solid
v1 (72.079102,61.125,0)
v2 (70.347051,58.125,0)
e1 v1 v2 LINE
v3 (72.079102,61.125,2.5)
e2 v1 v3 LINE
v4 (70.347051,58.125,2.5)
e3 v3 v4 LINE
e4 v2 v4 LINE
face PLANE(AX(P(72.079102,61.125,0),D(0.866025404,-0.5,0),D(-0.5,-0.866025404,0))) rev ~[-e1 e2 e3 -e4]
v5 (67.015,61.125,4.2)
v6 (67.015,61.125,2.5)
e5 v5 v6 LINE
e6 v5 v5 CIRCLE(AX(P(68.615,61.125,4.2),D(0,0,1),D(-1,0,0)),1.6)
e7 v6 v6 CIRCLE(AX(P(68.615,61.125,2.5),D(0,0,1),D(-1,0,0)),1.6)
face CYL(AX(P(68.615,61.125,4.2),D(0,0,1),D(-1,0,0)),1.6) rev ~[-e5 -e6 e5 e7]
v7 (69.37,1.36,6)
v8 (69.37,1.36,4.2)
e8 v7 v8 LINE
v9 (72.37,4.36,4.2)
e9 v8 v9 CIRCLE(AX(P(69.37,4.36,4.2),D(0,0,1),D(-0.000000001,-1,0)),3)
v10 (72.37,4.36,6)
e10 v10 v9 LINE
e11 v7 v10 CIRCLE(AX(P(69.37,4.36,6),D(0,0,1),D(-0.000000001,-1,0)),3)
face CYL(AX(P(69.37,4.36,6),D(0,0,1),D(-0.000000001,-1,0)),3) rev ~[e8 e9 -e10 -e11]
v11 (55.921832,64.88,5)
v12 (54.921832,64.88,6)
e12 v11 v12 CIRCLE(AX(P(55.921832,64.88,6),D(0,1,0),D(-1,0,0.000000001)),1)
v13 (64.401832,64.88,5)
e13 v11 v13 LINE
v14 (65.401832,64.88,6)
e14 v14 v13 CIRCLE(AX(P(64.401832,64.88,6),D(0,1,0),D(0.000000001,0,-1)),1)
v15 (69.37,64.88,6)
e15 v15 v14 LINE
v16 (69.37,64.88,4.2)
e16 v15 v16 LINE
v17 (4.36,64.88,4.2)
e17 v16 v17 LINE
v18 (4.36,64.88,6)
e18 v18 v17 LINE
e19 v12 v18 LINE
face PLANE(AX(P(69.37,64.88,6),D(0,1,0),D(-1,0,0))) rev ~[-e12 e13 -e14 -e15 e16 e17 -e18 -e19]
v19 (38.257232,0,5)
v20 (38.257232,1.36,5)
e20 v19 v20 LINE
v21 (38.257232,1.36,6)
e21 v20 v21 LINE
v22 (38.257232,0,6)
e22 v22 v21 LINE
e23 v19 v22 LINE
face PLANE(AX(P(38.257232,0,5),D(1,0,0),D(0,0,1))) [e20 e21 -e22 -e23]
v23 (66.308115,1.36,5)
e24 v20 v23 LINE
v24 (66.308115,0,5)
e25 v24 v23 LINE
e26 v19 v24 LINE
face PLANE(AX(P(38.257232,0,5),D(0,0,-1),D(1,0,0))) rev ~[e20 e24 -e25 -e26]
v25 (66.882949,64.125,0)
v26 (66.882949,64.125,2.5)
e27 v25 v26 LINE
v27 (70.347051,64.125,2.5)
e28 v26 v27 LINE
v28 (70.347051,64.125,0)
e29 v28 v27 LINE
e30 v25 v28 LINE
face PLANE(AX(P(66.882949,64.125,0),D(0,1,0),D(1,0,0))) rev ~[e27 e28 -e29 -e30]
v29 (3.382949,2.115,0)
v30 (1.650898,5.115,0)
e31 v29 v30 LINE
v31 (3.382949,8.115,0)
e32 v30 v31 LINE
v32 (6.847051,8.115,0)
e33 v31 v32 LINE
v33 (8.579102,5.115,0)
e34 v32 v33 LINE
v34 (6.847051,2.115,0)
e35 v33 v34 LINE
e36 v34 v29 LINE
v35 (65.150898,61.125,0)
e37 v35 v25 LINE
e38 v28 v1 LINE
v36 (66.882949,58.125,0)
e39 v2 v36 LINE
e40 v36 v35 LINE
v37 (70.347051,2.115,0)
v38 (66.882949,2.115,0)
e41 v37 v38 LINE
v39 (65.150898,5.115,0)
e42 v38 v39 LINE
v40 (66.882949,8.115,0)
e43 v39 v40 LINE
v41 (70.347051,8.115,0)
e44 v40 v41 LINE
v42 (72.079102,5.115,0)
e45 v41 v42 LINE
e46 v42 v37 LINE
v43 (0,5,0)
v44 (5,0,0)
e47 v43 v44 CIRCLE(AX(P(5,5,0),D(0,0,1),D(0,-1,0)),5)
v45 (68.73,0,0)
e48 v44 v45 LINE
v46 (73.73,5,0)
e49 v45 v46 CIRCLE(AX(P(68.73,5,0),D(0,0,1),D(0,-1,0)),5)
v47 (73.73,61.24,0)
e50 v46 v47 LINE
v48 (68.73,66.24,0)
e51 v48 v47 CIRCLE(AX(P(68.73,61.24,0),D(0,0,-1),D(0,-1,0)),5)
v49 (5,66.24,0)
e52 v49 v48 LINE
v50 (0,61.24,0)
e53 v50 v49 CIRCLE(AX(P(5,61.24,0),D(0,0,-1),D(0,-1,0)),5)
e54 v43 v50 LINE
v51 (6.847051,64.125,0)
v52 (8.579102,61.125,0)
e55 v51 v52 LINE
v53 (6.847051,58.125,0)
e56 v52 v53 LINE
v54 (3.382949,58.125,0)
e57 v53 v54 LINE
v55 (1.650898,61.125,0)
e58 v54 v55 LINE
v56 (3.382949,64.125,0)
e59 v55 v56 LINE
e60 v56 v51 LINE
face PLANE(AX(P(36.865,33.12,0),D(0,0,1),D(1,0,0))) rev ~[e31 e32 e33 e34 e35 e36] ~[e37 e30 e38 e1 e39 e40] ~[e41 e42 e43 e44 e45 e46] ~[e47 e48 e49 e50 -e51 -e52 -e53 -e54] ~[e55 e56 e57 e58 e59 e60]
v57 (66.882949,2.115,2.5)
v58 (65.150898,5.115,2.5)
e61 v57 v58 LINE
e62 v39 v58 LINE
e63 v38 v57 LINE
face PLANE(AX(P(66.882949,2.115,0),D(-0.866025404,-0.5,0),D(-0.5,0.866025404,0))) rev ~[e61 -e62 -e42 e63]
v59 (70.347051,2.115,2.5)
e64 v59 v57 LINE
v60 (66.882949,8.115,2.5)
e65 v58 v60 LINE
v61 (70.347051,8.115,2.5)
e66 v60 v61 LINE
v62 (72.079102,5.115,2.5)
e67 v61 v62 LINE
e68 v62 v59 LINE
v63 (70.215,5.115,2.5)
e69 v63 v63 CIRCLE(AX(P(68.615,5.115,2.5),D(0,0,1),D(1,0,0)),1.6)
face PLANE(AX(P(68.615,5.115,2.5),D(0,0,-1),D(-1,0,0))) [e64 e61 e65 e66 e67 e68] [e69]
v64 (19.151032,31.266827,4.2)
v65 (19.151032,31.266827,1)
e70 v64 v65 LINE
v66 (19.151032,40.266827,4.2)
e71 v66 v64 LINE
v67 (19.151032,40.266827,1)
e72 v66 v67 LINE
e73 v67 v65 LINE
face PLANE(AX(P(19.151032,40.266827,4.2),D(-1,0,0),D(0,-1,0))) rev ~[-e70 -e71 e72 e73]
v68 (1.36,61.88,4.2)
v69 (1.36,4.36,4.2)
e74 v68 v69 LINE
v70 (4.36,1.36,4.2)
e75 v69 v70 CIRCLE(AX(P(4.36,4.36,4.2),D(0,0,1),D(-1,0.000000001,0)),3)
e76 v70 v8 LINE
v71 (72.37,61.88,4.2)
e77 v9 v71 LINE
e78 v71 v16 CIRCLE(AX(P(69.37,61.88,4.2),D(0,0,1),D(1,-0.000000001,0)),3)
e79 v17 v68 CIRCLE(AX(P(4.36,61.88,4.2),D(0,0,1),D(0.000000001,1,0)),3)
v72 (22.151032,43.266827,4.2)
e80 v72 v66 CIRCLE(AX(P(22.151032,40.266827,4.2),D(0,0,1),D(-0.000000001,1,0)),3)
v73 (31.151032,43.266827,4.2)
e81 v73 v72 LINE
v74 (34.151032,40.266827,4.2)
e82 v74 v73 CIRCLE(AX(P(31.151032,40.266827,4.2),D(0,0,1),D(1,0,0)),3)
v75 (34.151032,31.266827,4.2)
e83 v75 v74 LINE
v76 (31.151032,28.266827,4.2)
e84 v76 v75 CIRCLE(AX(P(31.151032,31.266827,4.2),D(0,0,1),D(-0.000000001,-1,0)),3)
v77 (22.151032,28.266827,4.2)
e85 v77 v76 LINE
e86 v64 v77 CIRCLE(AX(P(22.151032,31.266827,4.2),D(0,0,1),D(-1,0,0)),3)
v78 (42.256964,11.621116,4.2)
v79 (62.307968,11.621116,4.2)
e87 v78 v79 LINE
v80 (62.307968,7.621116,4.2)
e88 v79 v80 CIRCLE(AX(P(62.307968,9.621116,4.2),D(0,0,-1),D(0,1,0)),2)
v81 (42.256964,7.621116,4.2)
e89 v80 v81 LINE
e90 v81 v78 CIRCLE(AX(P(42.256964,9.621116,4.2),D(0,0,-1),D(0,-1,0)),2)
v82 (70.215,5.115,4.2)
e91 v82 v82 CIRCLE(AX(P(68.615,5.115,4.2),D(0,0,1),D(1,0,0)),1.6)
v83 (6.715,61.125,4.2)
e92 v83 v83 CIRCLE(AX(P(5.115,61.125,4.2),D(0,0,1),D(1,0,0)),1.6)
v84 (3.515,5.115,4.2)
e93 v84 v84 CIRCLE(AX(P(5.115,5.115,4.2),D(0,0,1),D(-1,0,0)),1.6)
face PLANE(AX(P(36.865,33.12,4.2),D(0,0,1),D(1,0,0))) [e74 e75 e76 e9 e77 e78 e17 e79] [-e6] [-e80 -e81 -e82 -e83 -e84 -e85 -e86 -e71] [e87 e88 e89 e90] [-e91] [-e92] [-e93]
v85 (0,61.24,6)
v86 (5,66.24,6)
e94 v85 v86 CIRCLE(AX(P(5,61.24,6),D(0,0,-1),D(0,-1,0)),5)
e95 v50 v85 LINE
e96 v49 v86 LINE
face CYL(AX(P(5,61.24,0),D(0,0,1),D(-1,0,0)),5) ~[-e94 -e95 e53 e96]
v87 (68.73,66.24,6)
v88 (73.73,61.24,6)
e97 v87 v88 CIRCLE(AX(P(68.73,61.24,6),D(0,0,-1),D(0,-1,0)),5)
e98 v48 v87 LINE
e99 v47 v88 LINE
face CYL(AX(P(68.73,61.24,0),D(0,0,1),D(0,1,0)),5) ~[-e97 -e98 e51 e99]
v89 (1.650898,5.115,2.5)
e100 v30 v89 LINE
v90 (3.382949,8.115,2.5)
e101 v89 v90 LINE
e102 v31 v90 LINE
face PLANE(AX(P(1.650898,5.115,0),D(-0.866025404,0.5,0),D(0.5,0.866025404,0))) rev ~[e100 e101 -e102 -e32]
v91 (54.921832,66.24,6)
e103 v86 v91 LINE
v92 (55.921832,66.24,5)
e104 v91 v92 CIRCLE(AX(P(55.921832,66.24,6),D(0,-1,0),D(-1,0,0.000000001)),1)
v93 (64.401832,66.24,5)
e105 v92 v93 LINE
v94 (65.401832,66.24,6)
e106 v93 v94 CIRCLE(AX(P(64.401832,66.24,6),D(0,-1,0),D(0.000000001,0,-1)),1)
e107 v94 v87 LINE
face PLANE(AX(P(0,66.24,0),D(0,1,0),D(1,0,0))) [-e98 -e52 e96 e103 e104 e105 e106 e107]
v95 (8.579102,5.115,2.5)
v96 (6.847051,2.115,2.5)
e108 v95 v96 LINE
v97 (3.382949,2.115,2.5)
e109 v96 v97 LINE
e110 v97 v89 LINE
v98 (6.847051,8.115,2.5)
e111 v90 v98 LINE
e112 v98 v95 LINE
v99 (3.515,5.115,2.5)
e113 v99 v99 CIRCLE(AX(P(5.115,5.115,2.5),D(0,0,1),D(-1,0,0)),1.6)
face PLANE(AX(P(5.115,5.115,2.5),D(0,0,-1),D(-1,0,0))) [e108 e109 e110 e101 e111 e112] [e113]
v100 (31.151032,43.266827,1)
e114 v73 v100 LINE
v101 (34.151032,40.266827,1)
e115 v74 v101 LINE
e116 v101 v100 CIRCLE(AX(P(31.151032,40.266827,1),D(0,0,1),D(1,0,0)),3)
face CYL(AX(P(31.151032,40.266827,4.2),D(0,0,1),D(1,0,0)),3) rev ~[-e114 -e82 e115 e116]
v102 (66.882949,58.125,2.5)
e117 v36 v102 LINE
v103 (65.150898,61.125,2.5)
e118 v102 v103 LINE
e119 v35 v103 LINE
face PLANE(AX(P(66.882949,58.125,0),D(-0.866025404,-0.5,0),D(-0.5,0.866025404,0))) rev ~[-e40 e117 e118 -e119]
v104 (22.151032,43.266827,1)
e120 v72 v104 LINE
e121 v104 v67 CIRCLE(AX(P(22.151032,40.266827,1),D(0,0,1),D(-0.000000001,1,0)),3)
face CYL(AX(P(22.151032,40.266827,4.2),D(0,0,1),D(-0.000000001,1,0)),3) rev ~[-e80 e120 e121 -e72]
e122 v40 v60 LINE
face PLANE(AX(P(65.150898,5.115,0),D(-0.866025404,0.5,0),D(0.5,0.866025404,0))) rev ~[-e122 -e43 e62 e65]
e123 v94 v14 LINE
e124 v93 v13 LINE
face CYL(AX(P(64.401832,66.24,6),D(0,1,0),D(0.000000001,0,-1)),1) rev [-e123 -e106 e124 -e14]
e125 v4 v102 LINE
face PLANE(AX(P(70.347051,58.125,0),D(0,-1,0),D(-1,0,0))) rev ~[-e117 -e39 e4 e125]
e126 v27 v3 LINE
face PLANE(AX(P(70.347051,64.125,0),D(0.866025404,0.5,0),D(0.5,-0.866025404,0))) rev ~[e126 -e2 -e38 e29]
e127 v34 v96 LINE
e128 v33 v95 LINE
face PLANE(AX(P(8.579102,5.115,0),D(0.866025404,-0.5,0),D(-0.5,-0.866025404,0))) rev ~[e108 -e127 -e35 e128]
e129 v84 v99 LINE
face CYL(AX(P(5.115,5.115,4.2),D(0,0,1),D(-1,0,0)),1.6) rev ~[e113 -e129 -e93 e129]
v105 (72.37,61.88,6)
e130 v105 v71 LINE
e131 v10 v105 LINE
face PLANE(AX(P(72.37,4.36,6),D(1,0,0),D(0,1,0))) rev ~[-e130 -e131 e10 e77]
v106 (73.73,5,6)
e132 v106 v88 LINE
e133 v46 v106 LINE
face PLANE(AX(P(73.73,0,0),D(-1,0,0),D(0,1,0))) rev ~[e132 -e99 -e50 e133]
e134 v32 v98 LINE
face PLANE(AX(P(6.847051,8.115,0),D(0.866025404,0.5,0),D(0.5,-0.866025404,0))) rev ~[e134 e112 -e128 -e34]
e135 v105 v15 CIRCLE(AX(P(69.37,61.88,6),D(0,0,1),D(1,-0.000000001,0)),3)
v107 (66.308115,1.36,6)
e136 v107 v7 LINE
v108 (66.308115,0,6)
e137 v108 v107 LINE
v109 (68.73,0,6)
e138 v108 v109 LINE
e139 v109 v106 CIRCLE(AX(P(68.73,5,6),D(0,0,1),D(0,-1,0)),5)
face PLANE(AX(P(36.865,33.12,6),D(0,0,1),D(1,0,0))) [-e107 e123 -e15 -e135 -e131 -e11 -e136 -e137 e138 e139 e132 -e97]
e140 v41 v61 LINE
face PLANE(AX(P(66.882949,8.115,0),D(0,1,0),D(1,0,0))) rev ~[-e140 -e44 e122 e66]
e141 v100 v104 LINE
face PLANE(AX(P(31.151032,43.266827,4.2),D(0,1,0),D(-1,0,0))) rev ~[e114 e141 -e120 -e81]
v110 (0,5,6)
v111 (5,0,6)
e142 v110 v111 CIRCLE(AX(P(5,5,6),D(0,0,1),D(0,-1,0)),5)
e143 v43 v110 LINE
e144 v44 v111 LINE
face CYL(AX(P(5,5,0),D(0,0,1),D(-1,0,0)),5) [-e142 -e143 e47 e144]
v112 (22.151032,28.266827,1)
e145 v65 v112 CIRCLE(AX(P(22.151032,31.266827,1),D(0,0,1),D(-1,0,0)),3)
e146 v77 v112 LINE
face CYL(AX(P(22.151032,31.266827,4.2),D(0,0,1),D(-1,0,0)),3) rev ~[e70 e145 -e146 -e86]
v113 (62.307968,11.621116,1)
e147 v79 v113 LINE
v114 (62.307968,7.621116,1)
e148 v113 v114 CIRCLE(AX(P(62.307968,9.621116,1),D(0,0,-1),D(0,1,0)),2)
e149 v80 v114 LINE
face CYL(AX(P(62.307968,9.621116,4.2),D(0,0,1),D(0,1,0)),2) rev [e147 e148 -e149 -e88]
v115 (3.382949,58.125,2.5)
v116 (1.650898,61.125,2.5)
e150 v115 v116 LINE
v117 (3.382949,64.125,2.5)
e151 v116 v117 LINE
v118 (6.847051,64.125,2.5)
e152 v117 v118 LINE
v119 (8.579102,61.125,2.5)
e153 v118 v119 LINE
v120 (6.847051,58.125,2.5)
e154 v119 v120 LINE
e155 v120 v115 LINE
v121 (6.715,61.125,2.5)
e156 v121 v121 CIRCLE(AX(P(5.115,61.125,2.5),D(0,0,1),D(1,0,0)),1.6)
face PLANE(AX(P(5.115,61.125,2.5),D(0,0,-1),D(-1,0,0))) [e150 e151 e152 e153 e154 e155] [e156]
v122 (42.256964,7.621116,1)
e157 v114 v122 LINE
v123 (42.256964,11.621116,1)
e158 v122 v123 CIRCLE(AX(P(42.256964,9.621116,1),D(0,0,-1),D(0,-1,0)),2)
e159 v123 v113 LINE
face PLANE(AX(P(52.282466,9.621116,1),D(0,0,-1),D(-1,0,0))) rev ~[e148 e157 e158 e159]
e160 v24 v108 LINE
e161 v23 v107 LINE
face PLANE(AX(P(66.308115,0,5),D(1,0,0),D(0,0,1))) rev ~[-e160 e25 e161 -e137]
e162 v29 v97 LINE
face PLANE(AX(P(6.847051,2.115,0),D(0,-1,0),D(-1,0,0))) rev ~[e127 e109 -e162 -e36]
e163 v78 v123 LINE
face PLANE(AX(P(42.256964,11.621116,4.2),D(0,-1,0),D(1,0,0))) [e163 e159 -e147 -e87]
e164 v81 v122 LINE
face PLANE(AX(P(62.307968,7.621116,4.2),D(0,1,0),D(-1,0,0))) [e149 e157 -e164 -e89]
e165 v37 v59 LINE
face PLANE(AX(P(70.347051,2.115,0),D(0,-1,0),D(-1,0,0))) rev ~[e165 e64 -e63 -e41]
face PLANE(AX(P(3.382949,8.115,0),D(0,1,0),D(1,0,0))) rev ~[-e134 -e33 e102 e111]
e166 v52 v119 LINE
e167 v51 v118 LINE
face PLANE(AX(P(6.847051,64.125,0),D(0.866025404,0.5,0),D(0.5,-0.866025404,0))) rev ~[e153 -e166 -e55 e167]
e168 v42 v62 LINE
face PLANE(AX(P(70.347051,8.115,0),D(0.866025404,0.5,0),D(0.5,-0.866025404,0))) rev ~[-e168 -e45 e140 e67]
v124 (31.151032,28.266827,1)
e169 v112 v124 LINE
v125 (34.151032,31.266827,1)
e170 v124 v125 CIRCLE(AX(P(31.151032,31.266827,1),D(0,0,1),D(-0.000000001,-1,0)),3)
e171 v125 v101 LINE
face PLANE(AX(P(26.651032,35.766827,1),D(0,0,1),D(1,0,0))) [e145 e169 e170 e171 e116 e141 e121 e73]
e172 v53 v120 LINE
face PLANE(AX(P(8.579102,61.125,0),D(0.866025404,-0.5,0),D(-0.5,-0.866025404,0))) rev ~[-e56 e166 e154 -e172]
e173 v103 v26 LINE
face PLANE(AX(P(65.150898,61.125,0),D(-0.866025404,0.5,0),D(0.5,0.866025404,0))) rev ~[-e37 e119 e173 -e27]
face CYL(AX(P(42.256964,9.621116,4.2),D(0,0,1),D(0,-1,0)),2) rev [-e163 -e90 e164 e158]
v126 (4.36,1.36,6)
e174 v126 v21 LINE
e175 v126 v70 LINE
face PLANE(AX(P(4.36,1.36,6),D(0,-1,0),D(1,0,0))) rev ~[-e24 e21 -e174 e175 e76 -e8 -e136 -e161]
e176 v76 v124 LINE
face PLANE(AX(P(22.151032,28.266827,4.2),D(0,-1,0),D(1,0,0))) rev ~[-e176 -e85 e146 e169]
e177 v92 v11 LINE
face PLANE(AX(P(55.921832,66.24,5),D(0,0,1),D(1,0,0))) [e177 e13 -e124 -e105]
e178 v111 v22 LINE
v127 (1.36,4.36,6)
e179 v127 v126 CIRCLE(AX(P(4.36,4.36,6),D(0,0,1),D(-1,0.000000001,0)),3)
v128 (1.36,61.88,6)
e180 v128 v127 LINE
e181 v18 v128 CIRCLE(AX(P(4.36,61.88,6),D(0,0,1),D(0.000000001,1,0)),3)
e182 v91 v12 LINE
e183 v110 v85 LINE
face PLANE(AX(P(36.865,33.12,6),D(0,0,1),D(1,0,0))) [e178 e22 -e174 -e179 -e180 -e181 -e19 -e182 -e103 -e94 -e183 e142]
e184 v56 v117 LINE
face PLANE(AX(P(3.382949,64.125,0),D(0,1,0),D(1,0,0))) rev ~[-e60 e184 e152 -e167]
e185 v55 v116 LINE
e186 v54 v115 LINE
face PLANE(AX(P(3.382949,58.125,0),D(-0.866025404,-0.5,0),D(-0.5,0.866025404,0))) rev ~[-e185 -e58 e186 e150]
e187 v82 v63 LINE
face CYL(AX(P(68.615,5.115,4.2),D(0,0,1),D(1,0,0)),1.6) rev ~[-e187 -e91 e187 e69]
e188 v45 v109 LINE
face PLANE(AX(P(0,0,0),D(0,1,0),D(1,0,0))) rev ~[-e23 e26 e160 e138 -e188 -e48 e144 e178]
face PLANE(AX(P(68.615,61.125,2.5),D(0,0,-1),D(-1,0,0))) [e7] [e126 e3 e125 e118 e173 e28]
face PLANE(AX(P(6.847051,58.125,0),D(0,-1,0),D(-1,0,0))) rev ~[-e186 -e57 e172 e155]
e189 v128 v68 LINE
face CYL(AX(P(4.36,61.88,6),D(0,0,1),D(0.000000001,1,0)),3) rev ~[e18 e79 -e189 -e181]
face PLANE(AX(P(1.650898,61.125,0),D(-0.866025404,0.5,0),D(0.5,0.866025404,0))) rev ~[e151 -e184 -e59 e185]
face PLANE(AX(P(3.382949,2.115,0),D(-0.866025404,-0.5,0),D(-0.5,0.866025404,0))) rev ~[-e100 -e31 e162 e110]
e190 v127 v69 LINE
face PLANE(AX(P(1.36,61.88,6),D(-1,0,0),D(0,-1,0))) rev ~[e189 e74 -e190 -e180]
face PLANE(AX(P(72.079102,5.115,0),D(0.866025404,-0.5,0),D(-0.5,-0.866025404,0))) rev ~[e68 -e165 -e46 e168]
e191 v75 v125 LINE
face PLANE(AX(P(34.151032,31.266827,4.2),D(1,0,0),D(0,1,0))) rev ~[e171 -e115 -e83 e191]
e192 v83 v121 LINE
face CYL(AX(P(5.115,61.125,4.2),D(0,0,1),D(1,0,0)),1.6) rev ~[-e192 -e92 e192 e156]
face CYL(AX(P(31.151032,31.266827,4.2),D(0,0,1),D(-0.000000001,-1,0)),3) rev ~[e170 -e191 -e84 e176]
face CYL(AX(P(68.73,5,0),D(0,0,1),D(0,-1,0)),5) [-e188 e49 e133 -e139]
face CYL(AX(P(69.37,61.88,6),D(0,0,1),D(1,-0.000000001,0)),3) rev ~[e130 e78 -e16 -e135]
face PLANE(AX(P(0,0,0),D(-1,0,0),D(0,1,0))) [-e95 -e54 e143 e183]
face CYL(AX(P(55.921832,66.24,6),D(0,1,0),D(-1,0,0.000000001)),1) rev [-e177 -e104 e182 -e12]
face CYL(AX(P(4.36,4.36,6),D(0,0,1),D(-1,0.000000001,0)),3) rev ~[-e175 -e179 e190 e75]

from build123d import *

# Parameters (mm, degrees)
SKETCH_1_W          = 73.73
SKETCH_1_H          = 66.24
EXTRUDE_1_DEPTH     = 6
CUT_EXTRUDE_1_DEPTH = 1.8
SKETCH_5_R          = 1.6
CUT_EXTRUDE_2_DEPTH = 100.204286702
CUT_EXTRUDE_3_DEPTH = 3.2
CUT_EXTRUDE_7_DEPTH = 9
SKETCH_11_W         = 28.050882838
SKETCH_11_H         = 1
CUT_EXTRUDE_8_DEPTH = 9
FILLET_1_R          = 5
CUT_EXTRUDE_9_DEPTH = 2.5


with BuildPart() as part:
    # 草图1 → 凸台-拉伸1 (new body)
    with BuildSketch(Plane.XY):
        with Locations((36.865, 33.12)):
            Rectangle(SKETCH_1_W, SKETCH_1_H)
    extrude(amount=EXTRUDE_1_DEPTH)

    # 草图2 → 切除-拉伸1 (cut)
    with BuildSketch(Plane.XY.offset(6)):
        with BuildLine():
            Line((4.36, 1.36), (69.37, 1.36))
            ThreePointArc((69.37, 1.36), (71.491320344, 2.238679656), (72.37, 4.36))
            Line((72.37, 4.36), (72.37, 61.88))
            ThreePointArc((72.37, 61.88), (71.491320344, 64.001320344), (69.37, 64.88))
            Line((69.37, 64.88), (4.36, 64.88))
            ThreePointArc((4.36, 64.88), (2.238679656, 64.001320344), (1.36, 61.88))
            Line((1.36, 61.88), (1.36, 4.36))
            ThreePointArc((1.36, 4.36), (2.238679656, 2.238679656), (4.36, 1.36))
        make_face()
    extrude(amount=-CUT_EXTRUDE_1_DEPTH, mode=Mode.SUBTRACT)

    # 草图5 → 切除-拉伸2 (cut, through all)
    with BuildSketch(Plane.XY.offset(4.2)):
        with Locations((5.115, 61.125)):
            Circle(SKETCH_5_R)
        with Locations(Location((68.615, 61.125, 0), (0, 0, 180))):
            Circle(SKETCH_5_R)
        with Locations((68.615, 5.115)):
            Circle(SKETCH_5_R)
        with Locations(Location((5.115, 5.115, 0), (0, 0, 180))):
            Circle(SKETCH_5_R)
    extrude(amount=-CUT_EXTRUDE_2_DEPTH, mode=Mode.SUBTRACT)

    # 草图6 → 切除-拉伸3 (cut)
    with BuildSketch(Plane.XY.offset(4.2)):
        with BuildLine():
            Line((62.307968064, 7.621116118), (42.256964224, 7.621116118))
            ThreePointArc((42.256964224, 7.621116118), (40.256964224, 9.621116118), (42.256964224, 11.621116118))
            Line((42.256964224, 11.621116118), (62.307968064, 11.621116118))
            ThreePointArc((62.307968064, 11.621116118), (64.307968064, 9.621116118), (62.307968064, 7.621116118))
        make_face()
        with BuildLine():
            Line((31.151031925, 43.266827275), (22.151031925, 43.266827275))
            ThreePointArc((22.151031925, 43.266827275), (20.029711582, 42.388147618), (19.151031925, 40.266827275))
            Line((19.151031925, 40.266827275), (19.151031925, 31.266827275))
            ThreePointArc((19.151031925, 31.266827275), (20.029711582, 29.145506931), (22.151031925, 28.266827275))
            Line((22.151031925, 28.266827275), (31.151031925, 28.266827275))
            ThreePointArc((31.151031925, 28.266827275), (33.272352269, 29.145506931), (34.151031925, 31.266827275))
            Line((34.151031925, 31.266827275), (34.151031925, 40.266827275))
            ThreePointArc((34.151031925, 40.266827275), (33.272352269, 42.388147618), (31.151031925, 43.266827275))
        make_face()
    extrude(amount=-CUT_EXTRUDE_3_DEPTH, mode=Mode.SUBTRACT)

    # 草图10 → 切除-拉伸7 (cut)
    with BuildSketch(Plane(origin=(0, 66.24, 0), x_dir=(1, 0, 0), z_dir=(0, 1, 0))):
        with BuildLine():
            Line((55.921832213, -5), (64.401832207, -5))
            ThreePointArc((64.401832207, -5), (65.108938988, -5.292893219), (65.401832207, -6))
            Line((65.401832207, -6), (54.921832213, -6))
            ThreePointArc((54.921832213, -6), (55.214725431, -5.292893219), (55.921832213, -5))
        make_face()
    extrude(amount=-CUT_EXTRUDE_7_DEPTH, mode=Mode.SUBTRACT)

    # 草图11 → 切除-拉伸8 (cut)
    with BuildSketch(Plane.XZ):
        with Locations((52.282673484, 5.5)):
            Rectangle(SKETCH_11_W, SKETCH_11_H)
    extrude(amount=-CUT_EXTRUDE_8_DEPTH, mode=Mode.SUBTRACT)

    # 圆角1
    fillet_1_edges = [part.edges().sort_by_distance(p)[0] for p in [
        (0, 66.24, 3),
        (73.73, 66.24, 3),
        (73.73, 0, 3),
        (0, 0, 3),
    ]]
    fillet(fillet_1_edges, radius=FILLET_1_R)

    # 草图12 → 切除-拉伸9 (cut)
    with BuildSketch(Plane(origin=(0, 0, 0), x_dir=(-1, 0, 0), z_dir=(0, 0, -1))):
        Polygon((-65.150898385, 61.125), (-66.882949192, 64.125), (-70.347050808, 64.125), (-72.079101615, 61.125), (-70.347050808, 58.125), (-66.882949192, 58.125), align=None)
        Polygon((-65.150898385, 5.115), (-66.882949192, 8.115), (-70.347050808, 8.115), (-72.079101615, 5.115), (-70.347050808, 2.115), (-66.882949192, 2.115), align=None)
        Polygon((-1.650898385, 5.115), (-3.382949192, 8.115), (-6.847050808, 8.115), (-8.579101615, 5.115), (-6.847050808, 2.115), (-3.382949192, 2.115), align=None)
        Polygon((-1.650898385, 61.125), (-3.382949192, 64.125), (-6.847050808, 64.125), (-8.579101615, 61.125), (-6.847050808, 58.125), (-3.382949192, 58.125), align=None)
    extrude(amount=-CUT_EXTRUDE_9_DEPTH, mode=Mode.SUBTRACT)


solid = part.part
